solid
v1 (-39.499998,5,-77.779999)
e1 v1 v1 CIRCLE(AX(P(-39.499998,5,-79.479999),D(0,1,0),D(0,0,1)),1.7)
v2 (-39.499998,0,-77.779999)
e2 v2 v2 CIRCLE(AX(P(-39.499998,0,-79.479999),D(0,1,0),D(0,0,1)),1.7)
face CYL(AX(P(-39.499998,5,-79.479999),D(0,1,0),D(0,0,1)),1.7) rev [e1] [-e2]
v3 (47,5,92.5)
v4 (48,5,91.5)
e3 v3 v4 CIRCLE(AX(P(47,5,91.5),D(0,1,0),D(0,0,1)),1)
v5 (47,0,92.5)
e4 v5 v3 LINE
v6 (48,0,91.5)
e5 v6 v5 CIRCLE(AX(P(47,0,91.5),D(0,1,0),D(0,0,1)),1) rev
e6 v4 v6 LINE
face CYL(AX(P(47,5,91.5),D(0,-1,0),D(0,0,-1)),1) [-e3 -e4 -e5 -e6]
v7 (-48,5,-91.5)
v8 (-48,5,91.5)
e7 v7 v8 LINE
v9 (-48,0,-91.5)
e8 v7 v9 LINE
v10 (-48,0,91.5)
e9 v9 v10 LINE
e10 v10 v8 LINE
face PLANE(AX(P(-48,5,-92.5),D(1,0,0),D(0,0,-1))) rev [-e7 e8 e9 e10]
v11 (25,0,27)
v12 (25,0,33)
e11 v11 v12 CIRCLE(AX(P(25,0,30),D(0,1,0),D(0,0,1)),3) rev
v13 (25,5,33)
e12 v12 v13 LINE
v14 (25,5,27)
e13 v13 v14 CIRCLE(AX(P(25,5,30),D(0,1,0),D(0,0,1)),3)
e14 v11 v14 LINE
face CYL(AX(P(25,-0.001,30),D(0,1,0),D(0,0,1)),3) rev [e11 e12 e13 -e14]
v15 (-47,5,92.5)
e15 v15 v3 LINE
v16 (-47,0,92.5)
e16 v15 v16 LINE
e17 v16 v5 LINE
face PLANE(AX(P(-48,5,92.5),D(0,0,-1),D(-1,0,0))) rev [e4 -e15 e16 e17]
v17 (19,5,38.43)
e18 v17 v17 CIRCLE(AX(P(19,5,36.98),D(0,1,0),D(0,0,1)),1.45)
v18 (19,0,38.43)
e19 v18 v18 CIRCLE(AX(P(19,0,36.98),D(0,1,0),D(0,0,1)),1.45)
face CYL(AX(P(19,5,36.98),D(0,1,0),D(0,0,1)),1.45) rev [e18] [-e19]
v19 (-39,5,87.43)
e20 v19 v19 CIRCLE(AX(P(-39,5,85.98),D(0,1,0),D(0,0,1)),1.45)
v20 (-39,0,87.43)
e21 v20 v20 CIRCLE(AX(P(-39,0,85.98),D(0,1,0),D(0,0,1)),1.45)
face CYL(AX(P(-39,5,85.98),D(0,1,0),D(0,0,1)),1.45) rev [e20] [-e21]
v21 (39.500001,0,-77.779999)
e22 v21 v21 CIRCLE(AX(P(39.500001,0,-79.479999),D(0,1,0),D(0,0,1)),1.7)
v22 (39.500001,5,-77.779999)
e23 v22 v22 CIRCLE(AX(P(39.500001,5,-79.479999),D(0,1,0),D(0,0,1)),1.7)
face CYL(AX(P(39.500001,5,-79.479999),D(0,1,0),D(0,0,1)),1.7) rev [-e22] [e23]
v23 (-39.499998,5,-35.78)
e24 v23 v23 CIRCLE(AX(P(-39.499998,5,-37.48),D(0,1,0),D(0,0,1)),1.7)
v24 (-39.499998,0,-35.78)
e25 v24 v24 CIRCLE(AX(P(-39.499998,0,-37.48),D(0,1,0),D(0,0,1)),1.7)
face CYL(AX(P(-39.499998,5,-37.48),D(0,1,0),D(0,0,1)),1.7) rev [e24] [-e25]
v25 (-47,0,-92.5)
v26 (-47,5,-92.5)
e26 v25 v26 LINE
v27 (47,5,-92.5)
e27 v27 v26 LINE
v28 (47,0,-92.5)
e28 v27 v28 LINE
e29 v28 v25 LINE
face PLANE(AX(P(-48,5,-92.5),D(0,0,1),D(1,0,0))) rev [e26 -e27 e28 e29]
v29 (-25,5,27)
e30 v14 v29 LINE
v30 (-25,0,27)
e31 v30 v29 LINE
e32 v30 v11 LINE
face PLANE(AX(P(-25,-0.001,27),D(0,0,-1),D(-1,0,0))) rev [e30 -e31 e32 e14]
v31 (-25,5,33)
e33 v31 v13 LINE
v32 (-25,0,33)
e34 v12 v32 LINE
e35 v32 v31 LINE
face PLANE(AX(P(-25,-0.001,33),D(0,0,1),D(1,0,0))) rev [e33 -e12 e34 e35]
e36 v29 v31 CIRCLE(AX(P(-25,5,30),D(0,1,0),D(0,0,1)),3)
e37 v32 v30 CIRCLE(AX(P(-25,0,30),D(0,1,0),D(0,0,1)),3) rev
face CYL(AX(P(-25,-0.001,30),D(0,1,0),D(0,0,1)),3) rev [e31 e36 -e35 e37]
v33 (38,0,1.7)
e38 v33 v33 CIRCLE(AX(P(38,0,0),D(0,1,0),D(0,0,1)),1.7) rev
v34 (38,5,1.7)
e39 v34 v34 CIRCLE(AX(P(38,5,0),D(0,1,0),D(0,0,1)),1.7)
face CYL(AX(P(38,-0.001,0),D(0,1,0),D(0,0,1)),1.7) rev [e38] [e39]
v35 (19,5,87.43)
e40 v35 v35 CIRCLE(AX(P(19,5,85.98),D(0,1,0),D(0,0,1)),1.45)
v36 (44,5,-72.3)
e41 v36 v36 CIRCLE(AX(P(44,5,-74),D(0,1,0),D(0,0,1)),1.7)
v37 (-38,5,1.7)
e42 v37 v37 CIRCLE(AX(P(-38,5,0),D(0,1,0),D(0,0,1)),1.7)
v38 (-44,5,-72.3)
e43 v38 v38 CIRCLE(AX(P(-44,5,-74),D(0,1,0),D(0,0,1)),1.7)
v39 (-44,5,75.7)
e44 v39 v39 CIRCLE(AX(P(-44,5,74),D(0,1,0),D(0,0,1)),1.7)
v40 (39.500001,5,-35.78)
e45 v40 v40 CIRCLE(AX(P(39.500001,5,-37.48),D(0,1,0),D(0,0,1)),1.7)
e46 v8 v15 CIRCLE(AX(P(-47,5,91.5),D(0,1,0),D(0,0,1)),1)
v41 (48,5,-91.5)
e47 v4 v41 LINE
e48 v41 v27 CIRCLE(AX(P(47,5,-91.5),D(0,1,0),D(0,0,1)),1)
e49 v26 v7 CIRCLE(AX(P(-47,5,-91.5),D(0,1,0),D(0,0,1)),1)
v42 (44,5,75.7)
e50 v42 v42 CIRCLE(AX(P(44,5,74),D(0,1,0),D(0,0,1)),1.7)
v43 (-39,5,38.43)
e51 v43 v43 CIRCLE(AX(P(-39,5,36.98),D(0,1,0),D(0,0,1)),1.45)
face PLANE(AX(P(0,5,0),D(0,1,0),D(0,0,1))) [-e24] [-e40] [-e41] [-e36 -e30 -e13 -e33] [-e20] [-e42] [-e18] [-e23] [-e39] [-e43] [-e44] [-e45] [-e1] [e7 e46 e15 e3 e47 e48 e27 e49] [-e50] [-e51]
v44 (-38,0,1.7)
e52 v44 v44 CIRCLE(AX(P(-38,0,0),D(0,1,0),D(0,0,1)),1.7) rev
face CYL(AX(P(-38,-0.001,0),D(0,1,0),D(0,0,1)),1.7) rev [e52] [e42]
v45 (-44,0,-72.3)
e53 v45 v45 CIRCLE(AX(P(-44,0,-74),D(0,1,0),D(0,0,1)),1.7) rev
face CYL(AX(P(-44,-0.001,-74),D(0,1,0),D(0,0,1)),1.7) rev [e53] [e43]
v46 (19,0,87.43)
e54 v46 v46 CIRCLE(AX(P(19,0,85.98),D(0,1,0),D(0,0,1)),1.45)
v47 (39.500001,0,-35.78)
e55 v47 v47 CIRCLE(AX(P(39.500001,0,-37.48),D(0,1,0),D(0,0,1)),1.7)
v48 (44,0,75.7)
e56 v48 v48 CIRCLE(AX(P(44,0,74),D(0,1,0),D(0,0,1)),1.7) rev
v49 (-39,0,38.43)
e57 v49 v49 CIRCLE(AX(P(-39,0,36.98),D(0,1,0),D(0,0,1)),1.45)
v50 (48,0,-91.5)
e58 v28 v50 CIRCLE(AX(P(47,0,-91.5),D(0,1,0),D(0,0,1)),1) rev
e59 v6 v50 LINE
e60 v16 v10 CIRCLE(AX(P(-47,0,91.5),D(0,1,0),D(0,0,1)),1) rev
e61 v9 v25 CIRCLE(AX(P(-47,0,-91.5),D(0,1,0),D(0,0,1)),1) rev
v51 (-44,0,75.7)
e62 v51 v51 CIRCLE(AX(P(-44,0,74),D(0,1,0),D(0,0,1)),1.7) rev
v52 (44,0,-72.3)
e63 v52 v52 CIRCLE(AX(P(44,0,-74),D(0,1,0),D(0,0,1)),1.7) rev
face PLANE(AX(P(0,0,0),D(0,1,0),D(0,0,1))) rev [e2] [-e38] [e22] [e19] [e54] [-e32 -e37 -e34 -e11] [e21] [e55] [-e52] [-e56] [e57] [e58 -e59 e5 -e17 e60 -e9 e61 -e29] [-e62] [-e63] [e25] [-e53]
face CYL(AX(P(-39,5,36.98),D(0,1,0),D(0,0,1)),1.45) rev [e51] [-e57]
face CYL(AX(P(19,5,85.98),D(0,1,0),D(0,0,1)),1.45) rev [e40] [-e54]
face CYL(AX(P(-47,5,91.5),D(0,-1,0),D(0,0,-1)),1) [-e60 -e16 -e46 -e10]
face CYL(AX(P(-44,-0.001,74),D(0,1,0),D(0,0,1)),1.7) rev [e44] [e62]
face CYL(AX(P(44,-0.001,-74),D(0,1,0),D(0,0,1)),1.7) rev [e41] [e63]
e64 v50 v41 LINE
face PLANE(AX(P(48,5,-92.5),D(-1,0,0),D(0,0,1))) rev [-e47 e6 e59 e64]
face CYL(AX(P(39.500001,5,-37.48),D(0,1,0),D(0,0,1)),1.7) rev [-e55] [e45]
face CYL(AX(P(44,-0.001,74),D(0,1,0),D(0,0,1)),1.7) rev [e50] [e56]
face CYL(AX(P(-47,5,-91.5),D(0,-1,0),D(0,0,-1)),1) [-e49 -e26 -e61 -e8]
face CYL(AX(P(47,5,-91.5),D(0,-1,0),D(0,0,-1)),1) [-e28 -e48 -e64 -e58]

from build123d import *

# Parameters (mm, degrees)
SKETCH1_W               = 96
SKETCH1_H               = 185
PLATE_DEPTH             = 5
STANDOFF_HOLES_REACH    = 106.332
SKETCH2_R               = 1.7
POWER_BOARD_HOLES_REACH = 106.332
SKETCH3_R               = 1.7
FILLET1_R               = 1
M2_5_CLEARANCE_HOLE1_D  = 2.9
M3_CLEARANCE_HOLE2_D    = 3.4
CUT_EXTRUDE1_REACH      = 106.332


with BuildPart() as part:
    # Sketch1 → plate (new body)
    with BuildSketch(Plane(origin=(0, 0, 0), x_dir=(1, 0, 0), z_dir=(0, 1, 0))):
        Rectangle(SKETCH1_W, SKETCH1_H)
    extrude(amount=PLATE_DEPTH)

    # Sketch2 → standoff-holes (cut, up to next)
    with BuildSketch(Plane(origin=(0, 5, 0), x_dir=(1, 0, 0), z_dir=(0, 1, 0)), mode=Mode.PRIVATE) as standoff_holes_sk1:
        with Locations(Location((44, 74, 0), (0, 0, 270))):
            Circle(SKETCH2_R)
    standoff_holes_tool1 = extrude(standoff_holes_sk1.sketch, amount=-STANDOFF_HOLES_REACH, mode=Mode.PRIVATE) & part.part
    # Sketch2 → standoff-holes (cut, up to next)
    with BuildSketch(Plane(origin=(0, 5, 0), x_dir=(1, 0, 0), z_dir=(0, 1, 0)), mode=Mode.PRIVATE) as standoff_holes_sk2:
        with Locations(Location((-44, 74, 0), (0, 0, 270))):
            Circle(SKETCH2_R)
    standoff_holes_tool2 = extrude(standoff_holes_sk2.sketch, amount=-STANDOFF_HOLES_REACH, mode=Mode.PRIVATE) & part.part
    # Sketch2 → standoff-holes (cut, up to next)
    with BuildSketch(Plane(origin=(0, 5, 0), x_dir=(1, 0, 0), z_dir=(0, 1, 0)), mode=Mode.PRIVATE) as standoff_holes_sk3:
        with Locations(Location((44, -74, 0), (0, 0, 270))):
            Circle(SKETCH2_R)
    standoff_holes_tool3 = extrude(standoff_holes_sk3.sketch, amount=-STANDOFF_HOLES_REACH, mode=Mode.PRIVATE) & part.part
    # Sketch2 → standoff-holes (cut, up to next)
    with BuildSketch(Plane(origin=(0, 5, 0), x_dir=(1, 0, 0), z_dir=(0, 1, 0)), mode=Mode.PRIVATE) as standoff_holes_sk4:
        with Locations(Location((-44, -74, 0), (0, 0, 270))):
            Circle(SKETCH2_R)
    standoff_holes_tool4 = extrude(standoff_holes_sk4.sketch, amount=-STANDOFF_HOLES_REACH, mode=Mode.PRIVATE) & part.part
    add(standoff_holes_tool1.solids().sort_by_distance((44, 5, -74))[0], mode=Mode.SUBTRACT)
    add(standoff_holes_tool2.solids().sort_by_distance((-44, 5, -74))[0], mode=Mode.SUBTRACT)
    add(standoff_holes_tool3.solids().sort_by_distance((44, 5, 74))[0], mode=Mode.SUBTRACT)
    add(standoff_holes_tool4.solids().sort_by_distance((-44, 5, 74))[0], mode=Mode.SUBTRACT)

    # Sketch3 → power-board-holes (cut, up to next)
    with BuildSketch(Plane(origin=(0, 5, 0), x_dir=(1, 0, 0), z_dir=(0, 1, 0)), mode=Mode.PRIVATE) as power_board_holes_sk1:
        with Locations(Location((38, 0, 0), (0, 0, 270))):
            Circle(SKETCH3_R)
    power_board_holes_tool1 = extrude(power_board_holes_sk1.sketch, amount=-POWER_BOARD_HOLES_REACH, mode=Mode.PRIVATE) & part.part
    # Sketch3 → power-board-holes (cut, up to next)
    with BuildSketch(Plane(origin=(0, 5, 0), x_dir=(1, 0, 0), z_dir=(0, 1, 0)), mode=Mode.PRIVATE) as power_board_holes_sk2:
        with Locations(Location((-38, 0, 0), (0, 0, 270))):
            Circle(SKETCH3_R)
    power_board_holes_tool2 = extrude(power_board_holes_sk2.sketch, amount=-POWER_BOARD_HOLES_REACH, mode=Mode.PRIVATE) & part.part
    add(power_board_holes_tool1.solids().sort_by_distance((38, 5, 0))[0], mode=Mode.SUBTRACT)
    add(power_board_holes_tool2.solids().sort_by_distance((-38, 5, 0))[0], mode=Mode.SUBTRACT)

    # Fillet1
    fillet1_edges = [part.edges().sort_by_distance(p)[0] for p in [
        (48, 2.5, 92.5),
        (-48, 2.5, 92.5),
        (-48, 2.5, -92.5),
        (48, 2.5, -92.5),
    ]]
    fillet(fillet1_edges, radius=FILLET1_R)

    # M2.5 Clearance Hole1 (through all)
    with Locations(Plane(origin=(0, 5, 0), x_dir=(1, 0, 0), z_dir=(0, 1, 0))):
        with Locations((-39, -85.98), (19, -85.98), (-39, -36.98), (19, -36.98)):
            Hole(M2_5_CLEARANCE_HOLE1_D / 2)

    # M3 Clearance Hole2 (through all)
    with Locations(Plane(origin=(0, 5, 0), x_dir=(1, 0, 0), z_dir=(0, 1, 0))):
        with Locations((-39.49999847, 79.47999944), (-39.49999847, 37.47999962), (39.50000101, 37.47999962), (39.50000101, 79.47999944)):
            Hole(M3_CLEARANCE_HOLE2_D / 2)

    # Sketch12 → Cut-Extrude1 (cut, up to next)
    with BuildSketch(Plane(origin=(0, 5, 0), x_dir=(1, 0, 0), z_dir=(0, 1, 0)), mode=Mode.PRIVATE) as cut_extrude1_sk1:
        with BuildLine():
            Line((-25, -27), (25, -27))
            ThreePointArc((25, -27), (28, -30), (25, -33))
            Line((25, -33), (-25, -33))
            ThreePointArc((-25, -33), (-28, -30), (-25, -27))
        make_face()
    cut_extrude1_tool1 = extrude(cut_extrude1_sk1.sketch, amount=-CUT_EXTRUDE1_REACH, mode=Mode.PRIVATE) & part.part
    add(cut_extrude1_tool1.solids().sort_by_distance((0, 5, 30))[0], mode=Mode.SUBTRACT)


solid = part.part
